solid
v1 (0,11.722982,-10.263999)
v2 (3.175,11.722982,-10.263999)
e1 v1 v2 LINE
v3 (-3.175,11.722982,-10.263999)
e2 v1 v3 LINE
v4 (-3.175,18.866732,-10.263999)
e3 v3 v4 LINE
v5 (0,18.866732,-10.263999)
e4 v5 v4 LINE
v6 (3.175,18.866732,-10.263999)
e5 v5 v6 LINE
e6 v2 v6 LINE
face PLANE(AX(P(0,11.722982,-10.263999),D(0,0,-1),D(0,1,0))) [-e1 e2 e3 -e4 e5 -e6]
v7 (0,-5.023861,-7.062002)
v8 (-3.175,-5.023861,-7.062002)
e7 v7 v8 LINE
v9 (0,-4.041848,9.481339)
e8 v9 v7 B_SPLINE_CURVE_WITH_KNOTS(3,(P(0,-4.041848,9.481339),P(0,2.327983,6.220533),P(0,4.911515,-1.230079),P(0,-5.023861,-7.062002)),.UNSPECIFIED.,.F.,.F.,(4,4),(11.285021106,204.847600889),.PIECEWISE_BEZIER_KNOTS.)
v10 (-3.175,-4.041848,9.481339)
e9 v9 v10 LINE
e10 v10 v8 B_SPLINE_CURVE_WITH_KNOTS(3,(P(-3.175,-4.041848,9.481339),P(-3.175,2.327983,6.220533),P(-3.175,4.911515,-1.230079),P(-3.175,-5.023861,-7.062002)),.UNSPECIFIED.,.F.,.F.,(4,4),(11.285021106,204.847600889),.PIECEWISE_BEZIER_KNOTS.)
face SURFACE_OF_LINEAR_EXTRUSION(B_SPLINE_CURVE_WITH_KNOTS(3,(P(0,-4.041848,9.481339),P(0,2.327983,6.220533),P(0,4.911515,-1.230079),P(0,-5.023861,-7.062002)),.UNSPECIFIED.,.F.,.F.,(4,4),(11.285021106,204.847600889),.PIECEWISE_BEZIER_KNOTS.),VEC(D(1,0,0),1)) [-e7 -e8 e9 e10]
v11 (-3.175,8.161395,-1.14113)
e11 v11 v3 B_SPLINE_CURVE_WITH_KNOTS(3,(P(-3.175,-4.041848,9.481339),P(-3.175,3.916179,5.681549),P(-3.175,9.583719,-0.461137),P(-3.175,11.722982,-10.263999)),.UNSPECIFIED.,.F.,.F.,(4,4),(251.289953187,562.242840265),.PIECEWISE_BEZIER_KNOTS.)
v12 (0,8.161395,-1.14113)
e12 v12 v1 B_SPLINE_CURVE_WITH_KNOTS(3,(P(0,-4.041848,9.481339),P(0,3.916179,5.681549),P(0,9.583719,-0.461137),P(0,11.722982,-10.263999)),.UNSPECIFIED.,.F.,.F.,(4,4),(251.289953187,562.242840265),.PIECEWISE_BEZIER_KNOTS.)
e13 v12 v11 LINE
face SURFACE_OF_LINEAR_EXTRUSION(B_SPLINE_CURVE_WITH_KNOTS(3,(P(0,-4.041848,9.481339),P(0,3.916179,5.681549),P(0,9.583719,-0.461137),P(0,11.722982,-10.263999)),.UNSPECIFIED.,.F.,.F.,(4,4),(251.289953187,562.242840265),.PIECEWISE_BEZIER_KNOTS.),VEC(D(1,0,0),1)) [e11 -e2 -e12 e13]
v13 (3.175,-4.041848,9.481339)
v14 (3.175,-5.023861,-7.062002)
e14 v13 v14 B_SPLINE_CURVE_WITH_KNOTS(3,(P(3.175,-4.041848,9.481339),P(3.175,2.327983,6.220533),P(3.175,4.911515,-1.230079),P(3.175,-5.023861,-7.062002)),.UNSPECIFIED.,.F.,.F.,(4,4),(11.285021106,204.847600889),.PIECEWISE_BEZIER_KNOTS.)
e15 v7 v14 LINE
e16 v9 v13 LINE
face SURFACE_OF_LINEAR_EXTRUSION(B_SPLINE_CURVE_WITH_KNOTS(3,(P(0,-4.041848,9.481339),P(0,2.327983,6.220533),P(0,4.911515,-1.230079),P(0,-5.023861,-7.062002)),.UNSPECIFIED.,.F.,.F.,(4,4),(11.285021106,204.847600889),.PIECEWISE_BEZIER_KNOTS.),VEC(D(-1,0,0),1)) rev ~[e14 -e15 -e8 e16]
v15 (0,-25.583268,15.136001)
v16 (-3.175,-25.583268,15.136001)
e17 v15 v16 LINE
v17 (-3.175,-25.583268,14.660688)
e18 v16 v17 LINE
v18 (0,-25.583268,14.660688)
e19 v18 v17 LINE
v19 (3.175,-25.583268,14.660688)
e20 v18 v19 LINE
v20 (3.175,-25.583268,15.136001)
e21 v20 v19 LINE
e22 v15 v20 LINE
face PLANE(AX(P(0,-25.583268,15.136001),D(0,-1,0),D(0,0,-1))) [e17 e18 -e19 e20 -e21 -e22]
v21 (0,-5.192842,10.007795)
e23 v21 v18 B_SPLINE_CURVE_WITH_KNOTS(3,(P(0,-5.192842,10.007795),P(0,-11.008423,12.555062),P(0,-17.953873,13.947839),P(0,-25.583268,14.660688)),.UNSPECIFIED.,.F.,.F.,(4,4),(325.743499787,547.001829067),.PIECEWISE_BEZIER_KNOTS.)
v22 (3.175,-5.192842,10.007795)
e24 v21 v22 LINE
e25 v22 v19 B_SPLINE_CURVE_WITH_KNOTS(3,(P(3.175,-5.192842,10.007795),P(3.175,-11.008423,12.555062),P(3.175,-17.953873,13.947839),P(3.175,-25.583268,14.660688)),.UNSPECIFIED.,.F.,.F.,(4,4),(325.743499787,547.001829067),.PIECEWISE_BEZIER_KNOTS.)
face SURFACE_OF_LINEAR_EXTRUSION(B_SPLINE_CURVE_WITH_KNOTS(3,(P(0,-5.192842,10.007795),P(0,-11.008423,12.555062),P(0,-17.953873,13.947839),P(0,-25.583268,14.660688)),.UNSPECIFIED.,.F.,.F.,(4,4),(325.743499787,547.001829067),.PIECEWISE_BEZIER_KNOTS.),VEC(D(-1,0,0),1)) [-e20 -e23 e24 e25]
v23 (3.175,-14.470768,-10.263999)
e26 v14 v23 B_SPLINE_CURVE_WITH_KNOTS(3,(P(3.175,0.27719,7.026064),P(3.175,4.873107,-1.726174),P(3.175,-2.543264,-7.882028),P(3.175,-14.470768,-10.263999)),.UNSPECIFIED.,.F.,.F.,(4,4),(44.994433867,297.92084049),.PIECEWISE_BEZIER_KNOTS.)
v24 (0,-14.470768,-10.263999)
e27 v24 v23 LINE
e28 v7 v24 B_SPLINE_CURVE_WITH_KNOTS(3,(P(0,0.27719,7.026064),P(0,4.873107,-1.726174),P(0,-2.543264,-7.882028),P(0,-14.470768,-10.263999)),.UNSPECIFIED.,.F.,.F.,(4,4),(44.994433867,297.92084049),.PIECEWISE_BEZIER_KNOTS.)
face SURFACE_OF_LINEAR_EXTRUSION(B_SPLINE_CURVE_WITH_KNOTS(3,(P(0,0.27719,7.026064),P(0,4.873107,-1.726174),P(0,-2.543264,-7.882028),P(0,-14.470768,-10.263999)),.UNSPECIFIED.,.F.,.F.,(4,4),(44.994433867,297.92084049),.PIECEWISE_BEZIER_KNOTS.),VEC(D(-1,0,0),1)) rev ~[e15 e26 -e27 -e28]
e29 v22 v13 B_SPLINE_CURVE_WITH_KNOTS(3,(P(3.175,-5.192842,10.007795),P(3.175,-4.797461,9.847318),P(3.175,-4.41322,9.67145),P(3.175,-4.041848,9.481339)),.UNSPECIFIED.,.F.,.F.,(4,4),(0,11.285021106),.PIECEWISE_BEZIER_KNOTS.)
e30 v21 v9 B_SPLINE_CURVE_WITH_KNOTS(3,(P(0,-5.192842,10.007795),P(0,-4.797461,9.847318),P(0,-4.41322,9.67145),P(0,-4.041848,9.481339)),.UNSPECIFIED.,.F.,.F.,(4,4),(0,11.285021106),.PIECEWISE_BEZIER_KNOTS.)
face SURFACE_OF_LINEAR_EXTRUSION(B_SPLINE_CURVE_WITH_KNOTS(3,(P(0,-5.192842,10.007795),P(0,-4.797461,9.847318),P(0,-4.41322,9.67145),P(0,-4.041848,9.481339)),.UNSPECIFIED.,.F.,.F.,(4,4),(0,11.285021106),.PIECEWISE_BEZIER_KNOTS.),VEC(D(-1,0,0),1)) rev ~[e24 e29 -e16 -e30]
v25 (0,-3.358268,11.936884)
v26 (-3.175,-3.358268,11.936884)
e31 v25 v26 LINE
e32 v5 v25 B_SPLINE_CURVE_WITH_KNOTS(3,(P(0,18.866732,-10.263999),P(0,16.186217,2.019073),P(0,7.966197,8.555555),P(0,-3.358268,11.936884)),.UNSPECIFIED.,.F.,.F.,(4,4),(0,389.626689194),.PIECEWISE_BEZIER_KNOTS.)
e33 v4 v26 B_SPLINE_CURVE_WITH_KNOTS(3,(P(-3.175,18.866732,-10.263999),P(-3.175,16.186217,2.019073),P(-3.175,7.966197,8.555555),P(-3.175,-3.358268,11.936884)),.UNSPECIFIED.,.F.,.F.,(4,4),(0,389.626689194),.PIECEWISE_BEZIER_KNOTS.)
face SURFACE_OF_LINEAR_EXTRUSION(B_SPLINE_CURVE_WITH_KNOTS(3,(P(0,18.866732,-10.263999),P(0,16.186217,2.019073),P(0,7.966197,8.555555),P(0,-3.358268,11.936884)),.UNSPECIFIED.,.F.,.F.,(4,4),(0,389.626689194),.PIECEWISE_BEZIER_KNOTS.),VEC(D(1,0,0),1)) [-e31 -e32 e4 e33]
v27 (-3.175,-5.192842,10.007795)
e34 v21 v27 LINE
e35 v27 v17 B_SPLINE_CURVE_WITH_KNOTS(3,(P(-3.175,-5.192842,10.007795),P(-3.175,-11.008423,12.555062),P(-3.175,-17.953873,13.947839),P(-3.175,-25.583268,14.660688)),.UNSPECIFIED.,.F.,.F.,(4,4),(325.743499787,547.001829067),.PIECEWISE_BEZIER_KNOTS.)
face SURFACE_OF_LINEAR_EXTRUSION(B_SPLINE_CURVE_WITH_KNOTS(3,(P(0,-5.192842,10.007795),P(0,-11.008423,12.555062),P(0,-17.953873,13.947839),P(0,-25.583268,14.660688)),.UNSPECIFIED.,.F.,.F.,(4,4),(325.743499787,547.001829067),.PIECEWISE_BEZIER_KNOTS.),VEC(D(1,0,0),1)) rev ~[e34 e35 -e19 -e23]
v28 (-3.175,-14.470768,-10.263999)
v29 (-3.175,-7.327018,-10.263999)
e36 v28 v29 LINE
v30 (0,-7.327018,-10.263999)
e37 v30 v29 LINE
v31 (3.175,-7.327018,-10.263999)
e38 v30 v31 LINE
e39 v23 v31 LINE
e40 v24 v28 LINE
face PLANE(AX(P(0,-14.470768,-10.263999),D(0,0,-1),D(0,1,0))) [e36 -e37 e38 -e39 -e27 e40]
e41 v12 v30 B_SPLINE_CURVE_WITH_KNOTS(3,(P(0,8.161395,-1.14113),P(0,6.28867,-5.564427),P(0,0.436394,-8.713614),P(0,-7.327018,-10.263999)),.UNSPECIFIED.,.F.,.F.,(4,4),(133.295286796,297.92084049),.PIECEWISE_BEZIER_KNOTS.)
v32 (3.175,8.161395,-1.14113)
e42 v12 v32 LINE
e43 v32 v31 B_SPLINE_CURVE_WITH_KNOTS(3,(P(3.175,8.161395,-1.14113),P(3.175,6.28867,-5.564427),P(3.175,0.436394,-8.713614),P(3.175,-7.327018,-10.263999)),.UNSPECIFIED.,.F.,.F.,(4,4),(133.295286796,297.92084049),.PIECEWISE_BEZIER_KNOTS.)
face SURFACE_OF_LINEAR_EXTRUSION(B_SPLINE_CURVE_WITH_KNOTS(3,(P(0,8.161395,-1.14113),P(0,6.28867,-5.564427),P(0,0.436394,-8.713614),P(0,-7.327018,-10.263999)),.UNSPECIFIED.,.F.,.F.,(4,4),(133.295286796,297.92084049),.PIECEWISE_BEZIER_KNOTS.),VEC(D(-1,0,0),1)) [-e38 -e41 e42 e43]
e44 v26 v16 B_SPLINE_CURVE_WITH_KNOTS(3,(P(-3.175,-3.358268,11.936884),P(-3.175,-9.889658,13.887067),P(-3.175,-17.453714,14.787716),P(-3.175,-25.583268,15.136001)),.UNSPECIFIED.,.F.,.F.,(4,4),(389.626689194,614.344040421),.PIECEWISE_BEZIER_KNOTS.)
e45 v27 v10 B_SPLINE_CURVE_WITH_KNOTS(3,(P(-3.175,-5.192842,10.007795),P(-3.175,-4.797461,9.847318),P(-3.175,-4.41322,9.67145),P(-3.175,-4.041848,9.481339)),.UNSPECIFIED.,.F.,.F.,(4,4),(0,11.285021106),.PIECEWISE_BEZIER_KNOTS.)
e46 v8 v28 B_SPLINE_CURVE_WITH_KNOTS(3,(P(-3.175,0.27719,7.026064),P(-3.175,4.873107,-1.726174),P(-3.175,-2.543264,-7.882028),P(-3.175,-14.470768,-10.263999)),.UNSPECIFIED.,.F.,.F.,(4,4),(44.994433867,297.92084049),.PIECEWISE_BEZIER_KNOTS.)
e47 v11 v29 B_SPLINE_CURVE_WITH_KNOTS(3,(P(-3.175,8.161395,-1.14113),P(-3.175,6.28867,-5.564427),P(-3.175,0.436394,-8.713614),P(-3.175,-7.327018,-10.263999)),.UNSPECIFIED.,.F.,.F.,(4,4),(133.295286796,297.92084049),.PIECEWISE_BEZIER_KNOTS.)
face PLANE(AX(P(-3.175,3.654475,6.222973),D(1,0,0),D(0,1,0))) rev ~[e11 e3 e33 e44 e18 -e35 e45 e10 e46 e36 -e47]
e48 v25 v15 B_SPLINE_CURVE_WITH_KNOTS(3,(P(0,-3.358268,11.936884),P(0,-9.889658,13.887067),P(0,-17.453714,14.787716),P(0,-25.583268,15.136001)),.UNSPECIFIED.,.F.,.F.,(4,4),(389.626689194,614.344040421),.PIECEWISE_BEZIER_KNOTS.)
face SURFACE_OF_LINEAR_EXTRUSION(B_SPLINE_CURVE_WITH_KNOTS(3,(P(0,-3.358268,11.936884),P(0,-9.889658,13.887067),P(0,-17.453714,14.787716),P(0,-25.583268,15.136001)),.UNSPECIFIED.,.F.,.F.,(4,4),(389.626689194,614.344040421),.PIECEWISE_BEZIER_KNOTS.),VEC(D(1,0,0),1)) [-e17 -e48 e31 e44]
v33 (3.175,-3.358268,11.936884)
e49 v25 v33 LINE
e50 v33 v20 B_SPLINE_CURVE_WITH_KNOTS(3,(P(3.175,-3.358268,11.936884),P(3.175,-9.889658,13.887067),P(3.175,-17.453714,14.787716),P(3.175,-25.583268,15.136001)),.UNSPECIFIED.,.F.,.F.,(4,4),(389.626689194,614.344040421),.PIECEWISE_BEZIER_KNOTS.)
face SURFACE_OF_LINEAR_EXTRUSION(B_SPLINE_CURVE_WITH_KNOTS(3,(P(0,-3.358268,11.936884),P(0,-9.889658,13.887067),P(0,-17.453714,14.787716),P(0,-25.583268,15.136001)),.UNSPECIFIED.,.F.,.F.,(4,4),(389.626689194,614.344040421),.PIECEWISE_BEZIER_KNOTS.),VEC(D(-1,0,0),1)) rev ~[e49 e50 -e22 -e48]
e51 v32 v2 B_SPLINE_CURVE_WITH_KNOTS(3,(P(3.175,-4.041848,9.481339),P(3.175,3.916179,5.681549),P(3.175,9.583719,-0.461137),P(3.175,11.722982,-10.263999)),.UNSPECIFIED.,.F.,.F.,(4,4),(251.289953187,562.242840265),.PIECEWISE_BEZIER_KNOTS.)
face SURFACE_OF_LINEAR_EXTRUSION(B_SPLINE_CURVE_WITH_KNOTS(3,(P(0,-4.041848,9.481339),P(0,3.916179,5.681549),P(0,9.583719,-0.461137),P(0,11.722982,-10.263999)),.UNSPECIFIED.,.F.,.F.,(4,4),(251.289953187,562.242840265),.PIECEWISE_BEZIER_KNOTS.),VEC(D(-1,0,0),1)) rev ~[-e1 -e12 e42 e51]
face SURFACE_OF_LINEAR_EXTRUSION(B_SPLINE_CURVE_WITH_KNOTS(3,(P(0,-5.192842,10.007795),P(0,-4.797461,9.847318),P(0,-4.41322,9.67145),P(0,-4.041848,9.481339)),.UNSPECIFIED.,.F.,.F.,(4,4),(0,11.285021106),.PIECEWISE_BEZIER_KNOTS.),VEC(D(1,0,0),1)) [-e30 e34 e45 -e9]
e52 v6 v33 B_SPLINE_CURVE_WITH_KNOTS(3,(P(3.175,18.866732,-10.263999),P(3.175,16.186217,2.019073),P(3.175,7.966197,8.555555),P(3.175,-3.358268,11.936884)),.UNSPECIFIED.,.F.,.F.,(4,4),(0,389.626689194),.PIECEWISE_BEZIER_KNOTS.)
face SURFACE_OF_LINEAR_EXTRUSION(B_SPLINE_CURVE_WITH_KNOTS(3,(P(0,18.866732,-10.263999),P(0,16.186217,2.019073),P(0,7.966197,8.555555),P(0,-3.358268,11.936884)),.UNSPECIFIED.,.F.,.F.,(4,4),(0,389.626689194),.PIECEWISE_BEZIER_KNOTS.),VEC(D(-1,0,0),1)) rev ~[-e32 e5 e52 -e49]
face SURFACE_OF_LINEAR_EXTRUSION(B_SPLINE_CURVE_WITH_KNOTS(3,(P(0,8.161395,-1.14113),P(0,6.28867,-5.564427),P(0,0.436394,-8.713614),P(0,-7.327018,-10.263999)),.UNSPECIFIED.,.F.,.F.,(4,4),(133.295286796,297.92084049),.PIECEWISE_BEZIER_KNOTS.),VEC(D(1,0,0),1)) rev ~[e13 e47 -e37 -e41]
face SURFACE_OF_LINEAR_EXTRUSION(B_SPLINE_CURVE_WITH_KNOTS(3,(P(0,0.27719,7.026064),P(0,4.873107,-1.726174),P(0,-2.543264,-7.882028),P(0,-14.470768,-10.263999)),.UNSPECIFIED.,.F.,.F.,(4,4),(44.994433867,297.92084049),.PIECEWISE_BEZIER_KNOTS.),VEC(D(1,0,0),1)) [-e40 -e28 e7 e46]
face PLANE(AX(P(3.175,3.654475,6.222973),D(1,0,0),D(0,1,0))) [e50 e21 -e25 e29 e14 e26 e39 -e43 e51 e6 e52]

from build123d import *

# Parameters (mm, degrees)
F1_DEPTH      = 38.1
F1_DEPTH_BACK = 38.1
F2_SCALE      = 0.0833333333


with BuildPart() as f1:
    # F0 (on Right) → F1 (new body, two sides)
    with BuildSketch(Plane.YZ) as f1_sk:
        with BuildLine():
            add(Edge.make_bspline(
                [(89.0512747676, 84.3127688874), (51.5025046877, 109.6568065781), (7.9497262135, 128.8361399685), (-40.2992134272, 143.2426060549)],
                knots=[251.2899531871, 251.2899531871, 251.2899531871, 251.2899531871, 389.6266891942, 389.6266891942, 389.6266891942, 389.6266891942], degree=3))
            add(Edge.make_bspline(
                [(-40.2992134273, 143.2426060546), (-20.8577433202, 122.6663541214), (-6.4848342863, 102.9965586878), (3.3262747677, 84.3127688872)],
                knots=[0, 0, 0, 0, 44.9944338672, 44.9944338672, 44.9944338672, 44.9944338672], degree=3))
            add(Edge.make_bspline(
                [(97.9367360944, -13.693555973), (73.5382257251, 26.3390121062), (41.5418172622, 58.5186843595), (3.3262747677, 84.3127688872)],
                knots=[110.4967021115, 110.4967021115, 110.4967021115, 110.4967021115, 251.2899531868, 251.2899531868, 251.2899531868, 251.2899531868], degree=3))
            add(Edge.make_bspline(
                [(89.0512747676, 84.3127688874), (108.3054185182, 47.6461318492), (109.9905052366, 14.7769408359), (97.9367360944, -13.693555973)],
                knots=[44.994433867, 44.994433867, 44.994433867, 44.994433867, 133.2952867965, 133.2952867965, 133.2952867965, 133.2952867965], degree=3))
        make_face()
        with BuildLine():
            add(Edge.make_bspline(
                [(226.4007865727, -123.1679881383), (205.6551866214, -28.1042958821), (157.2589609394, 38.2750913429), (89.0512747676, 84.3127688874)],
                knots=[0, 0, 0, 0, 251.2899531871, 251.2899531871, 251.2899531871, 251.2899531871], degree=3))
            add(Edge.make_bspline(
                [(89.0512747676, 84.3127688874), (108.3054185182, 47.6461318492), (109.9905052366, 14.7769408359), (97.9367360944, -13.693555973)],
                knots=[44.994433867, 44.994433867, 44.994433867, 44.994433867, 133.2952867965, 133.2952867965, 133.2952867965, 133.2952867965], degree=3))
            add(Edge.make_bspline(
                [(140.6757865727, -123.1679881383), (131.5535739698, -81.366776623), (117.0850611145, -45.111729188), (97.9367360944, -13.693555973)],
                knots=[0, 0, 0, 0, 110.4967021115, 110.4967021115, 110.4967021115, 110.4967021115], degree=3))
            Line((140.6757865727, -123.1679881383), (226.4007865727, -123.1679881383))
        make_face()
        with BuildLine():
            add(Edge.make_bspline(
                [(-40.2992134273, 143.2426060546), (-20.8577433202, 122.6663541214), (-6.4848342863, 102.9965586878), (3.3262747677, 84.3127688872)],
                knots=[0, 0, 0, 0, 44.9944338672, 44.9944338672, 44.9944338672, 44.9944338672], degree=3))
            add(Edge.make_bspline(
                [(-40.2992134272, 143.2426060549), (-118.6758921642, 166.644798364), (-209.444563868, 177.4525894237), (-306.9992134273, 181.6320118621)],
                knots=[389.6266891942, 389.6266891942, 389.6266891942, 389.6266891942, 614.3440404205, 614.3440404205, 614.3440404205, 614.3440404205], degree=3))
            Line((-306.9992134273, 181.6320118621), (-306.9992134273, 175.9282581051))
            add(Edge.make_bspline(
                [(-62.3141094232, 120.0935377835), (-132.1010704471, 150.6607475907), (-215.4464728571, 167.3740709192), (-306.9992134273, 175.9282581051)],
                knots=[325.7434997871, 325.7434997871, 325.7434997871, 325.7434997871, 547.0018290671, 547.0018290671, 547.0018290671, 547.0018290671], degree=3))
            add(Edge.make_bspline(
                [(-62.3141094232, 120.0935377835), (-57.569536239, 118.1678217564), (-52.9586357331, 116.0573946954), (-48.5021746362, 113.7760695913)],
                knots=[0, 0, 0, 0, 11.285021106, 11.285021106, 11.285021106, 11.285021106], degree=3))
            add(Edge.make_bspline(
                [(3.3262747677, 84.3127688872), (-12.8680482417, 95.2433408301), (-30.1791713746, 105.0272217507), (-48.5021746362, 113.7760695913)],
                knots=[251.2899531868, 251.2899531868, 251.2899531868, 251.2899531868, 310.952887078, 310.952887078, 310.952887078, 310.952887078], degree=3))
        make_face()
        with BuildLine():
            add(Edge.make_bspline(
                [(3.3262747677, 84.3127688872), (41.6453572527, 11.3398074654), (10.3770996492, -46.5922688635), (-60.2863327619, -84.7440264271)],
                knots=[44.9944338672, 44.9944338672, 44.9944338672, 44.9944338672, 220.7284322597, 220.7284322597, 220.7284322597, 220.7284322597], degree=3))
            add(Edge.make_bspline(
                [(3.3262747677, 84.3127688872), (-12.8680482417, 95.2433408301), (-30.1791713746, 105.0272217507), (-48.5021746362, 113.7760695913)],
                knots=[251.2899531868, 251.2899531868, 251.2899531868, 251.2899531868, 310.952887078, 310.952887078, 310.952887078, 310.952887078], degree=3))
            add(Edge.make_bspline(
                [(-48.5021746362, 113.7760695913), (27.9357955296, 74.6463977604), (58.938174531, -14.7609439509), (-60.2863327619, -84.7440264271)],
                knots=[11.285021106, 11.285021106, 11.285021106, 11.285021106, 204.8476008888, 204.8476008888, 204.8476008888, 204.8476008888], degree=3))
        make_face()
        with BuildLine():
            add(Edge.make_bspline(
                [(97.9367360944, -13.693555973), (73.5382257251, 26.3390121062), (41.5418172622, 58.5186843595), (3.3262747677, 84.3127688872)],
                knots=[110.4967021115, 110.4967021115, 110.4967021115, 110.4967021115, 251.2899531868, 251.2899531868, 251.2899531868, 251.2899531868], degree=3))
            add(Edge.make_bspline(
                [(3.3262747677, 84.3127688872), (41.6453572527, 11.3398074654), (10.3770996492, -46.5922688635), (-60.2863327619, -84.7440264271)],
                knots=[44.9944338672, 44.9944338672, 44.9944338672, 44.9944338672, 220.7284322597, 220.7284322597, 220.7284322597, 220.7284322597], degree=3))
            add(Edge.make_bspline(
                [(-60.2863327619, -84.7440264271), (-91.3257478525, -101.5024571889), (-129.9663361934, -114.4443385734), (-173.6492134273, -123.1679881383)],
                knots=[220.7284322597, 220.7284322597, 220.7284322597, 220.7284322597, 297.9208404899, 297.9208404899, 297.9208404899, 297.9208404899], degree=3))
            Line((-173.6492134273, -123.1679881383), (-87.9242134273, -123.1679881383))
            add(Edge.make_bspline(
                [(97.9367360944, -13.693555973), (75.4640378893, -66.7731259386), (5.2367335677, -104.5633653163), (-87.9242134273, -123.1679881383)],
                knots=[133.2952867965, 133.2952867965, 133.2952867965, 133.2952867965, 297.9208404899, 297.9208404899, 297.9208404899, 297.9208404899], degree=3))
        make_face()
    extrude(amount=F1_DEPTH)
    extrude(f1_sk.sketch, amount=-F1_DEPTH_BACK)


with BuildPart() as f1_1:
    # F2: moved
    add(f1.part.scale(F2_SCALE))


solid = f1_1.part
